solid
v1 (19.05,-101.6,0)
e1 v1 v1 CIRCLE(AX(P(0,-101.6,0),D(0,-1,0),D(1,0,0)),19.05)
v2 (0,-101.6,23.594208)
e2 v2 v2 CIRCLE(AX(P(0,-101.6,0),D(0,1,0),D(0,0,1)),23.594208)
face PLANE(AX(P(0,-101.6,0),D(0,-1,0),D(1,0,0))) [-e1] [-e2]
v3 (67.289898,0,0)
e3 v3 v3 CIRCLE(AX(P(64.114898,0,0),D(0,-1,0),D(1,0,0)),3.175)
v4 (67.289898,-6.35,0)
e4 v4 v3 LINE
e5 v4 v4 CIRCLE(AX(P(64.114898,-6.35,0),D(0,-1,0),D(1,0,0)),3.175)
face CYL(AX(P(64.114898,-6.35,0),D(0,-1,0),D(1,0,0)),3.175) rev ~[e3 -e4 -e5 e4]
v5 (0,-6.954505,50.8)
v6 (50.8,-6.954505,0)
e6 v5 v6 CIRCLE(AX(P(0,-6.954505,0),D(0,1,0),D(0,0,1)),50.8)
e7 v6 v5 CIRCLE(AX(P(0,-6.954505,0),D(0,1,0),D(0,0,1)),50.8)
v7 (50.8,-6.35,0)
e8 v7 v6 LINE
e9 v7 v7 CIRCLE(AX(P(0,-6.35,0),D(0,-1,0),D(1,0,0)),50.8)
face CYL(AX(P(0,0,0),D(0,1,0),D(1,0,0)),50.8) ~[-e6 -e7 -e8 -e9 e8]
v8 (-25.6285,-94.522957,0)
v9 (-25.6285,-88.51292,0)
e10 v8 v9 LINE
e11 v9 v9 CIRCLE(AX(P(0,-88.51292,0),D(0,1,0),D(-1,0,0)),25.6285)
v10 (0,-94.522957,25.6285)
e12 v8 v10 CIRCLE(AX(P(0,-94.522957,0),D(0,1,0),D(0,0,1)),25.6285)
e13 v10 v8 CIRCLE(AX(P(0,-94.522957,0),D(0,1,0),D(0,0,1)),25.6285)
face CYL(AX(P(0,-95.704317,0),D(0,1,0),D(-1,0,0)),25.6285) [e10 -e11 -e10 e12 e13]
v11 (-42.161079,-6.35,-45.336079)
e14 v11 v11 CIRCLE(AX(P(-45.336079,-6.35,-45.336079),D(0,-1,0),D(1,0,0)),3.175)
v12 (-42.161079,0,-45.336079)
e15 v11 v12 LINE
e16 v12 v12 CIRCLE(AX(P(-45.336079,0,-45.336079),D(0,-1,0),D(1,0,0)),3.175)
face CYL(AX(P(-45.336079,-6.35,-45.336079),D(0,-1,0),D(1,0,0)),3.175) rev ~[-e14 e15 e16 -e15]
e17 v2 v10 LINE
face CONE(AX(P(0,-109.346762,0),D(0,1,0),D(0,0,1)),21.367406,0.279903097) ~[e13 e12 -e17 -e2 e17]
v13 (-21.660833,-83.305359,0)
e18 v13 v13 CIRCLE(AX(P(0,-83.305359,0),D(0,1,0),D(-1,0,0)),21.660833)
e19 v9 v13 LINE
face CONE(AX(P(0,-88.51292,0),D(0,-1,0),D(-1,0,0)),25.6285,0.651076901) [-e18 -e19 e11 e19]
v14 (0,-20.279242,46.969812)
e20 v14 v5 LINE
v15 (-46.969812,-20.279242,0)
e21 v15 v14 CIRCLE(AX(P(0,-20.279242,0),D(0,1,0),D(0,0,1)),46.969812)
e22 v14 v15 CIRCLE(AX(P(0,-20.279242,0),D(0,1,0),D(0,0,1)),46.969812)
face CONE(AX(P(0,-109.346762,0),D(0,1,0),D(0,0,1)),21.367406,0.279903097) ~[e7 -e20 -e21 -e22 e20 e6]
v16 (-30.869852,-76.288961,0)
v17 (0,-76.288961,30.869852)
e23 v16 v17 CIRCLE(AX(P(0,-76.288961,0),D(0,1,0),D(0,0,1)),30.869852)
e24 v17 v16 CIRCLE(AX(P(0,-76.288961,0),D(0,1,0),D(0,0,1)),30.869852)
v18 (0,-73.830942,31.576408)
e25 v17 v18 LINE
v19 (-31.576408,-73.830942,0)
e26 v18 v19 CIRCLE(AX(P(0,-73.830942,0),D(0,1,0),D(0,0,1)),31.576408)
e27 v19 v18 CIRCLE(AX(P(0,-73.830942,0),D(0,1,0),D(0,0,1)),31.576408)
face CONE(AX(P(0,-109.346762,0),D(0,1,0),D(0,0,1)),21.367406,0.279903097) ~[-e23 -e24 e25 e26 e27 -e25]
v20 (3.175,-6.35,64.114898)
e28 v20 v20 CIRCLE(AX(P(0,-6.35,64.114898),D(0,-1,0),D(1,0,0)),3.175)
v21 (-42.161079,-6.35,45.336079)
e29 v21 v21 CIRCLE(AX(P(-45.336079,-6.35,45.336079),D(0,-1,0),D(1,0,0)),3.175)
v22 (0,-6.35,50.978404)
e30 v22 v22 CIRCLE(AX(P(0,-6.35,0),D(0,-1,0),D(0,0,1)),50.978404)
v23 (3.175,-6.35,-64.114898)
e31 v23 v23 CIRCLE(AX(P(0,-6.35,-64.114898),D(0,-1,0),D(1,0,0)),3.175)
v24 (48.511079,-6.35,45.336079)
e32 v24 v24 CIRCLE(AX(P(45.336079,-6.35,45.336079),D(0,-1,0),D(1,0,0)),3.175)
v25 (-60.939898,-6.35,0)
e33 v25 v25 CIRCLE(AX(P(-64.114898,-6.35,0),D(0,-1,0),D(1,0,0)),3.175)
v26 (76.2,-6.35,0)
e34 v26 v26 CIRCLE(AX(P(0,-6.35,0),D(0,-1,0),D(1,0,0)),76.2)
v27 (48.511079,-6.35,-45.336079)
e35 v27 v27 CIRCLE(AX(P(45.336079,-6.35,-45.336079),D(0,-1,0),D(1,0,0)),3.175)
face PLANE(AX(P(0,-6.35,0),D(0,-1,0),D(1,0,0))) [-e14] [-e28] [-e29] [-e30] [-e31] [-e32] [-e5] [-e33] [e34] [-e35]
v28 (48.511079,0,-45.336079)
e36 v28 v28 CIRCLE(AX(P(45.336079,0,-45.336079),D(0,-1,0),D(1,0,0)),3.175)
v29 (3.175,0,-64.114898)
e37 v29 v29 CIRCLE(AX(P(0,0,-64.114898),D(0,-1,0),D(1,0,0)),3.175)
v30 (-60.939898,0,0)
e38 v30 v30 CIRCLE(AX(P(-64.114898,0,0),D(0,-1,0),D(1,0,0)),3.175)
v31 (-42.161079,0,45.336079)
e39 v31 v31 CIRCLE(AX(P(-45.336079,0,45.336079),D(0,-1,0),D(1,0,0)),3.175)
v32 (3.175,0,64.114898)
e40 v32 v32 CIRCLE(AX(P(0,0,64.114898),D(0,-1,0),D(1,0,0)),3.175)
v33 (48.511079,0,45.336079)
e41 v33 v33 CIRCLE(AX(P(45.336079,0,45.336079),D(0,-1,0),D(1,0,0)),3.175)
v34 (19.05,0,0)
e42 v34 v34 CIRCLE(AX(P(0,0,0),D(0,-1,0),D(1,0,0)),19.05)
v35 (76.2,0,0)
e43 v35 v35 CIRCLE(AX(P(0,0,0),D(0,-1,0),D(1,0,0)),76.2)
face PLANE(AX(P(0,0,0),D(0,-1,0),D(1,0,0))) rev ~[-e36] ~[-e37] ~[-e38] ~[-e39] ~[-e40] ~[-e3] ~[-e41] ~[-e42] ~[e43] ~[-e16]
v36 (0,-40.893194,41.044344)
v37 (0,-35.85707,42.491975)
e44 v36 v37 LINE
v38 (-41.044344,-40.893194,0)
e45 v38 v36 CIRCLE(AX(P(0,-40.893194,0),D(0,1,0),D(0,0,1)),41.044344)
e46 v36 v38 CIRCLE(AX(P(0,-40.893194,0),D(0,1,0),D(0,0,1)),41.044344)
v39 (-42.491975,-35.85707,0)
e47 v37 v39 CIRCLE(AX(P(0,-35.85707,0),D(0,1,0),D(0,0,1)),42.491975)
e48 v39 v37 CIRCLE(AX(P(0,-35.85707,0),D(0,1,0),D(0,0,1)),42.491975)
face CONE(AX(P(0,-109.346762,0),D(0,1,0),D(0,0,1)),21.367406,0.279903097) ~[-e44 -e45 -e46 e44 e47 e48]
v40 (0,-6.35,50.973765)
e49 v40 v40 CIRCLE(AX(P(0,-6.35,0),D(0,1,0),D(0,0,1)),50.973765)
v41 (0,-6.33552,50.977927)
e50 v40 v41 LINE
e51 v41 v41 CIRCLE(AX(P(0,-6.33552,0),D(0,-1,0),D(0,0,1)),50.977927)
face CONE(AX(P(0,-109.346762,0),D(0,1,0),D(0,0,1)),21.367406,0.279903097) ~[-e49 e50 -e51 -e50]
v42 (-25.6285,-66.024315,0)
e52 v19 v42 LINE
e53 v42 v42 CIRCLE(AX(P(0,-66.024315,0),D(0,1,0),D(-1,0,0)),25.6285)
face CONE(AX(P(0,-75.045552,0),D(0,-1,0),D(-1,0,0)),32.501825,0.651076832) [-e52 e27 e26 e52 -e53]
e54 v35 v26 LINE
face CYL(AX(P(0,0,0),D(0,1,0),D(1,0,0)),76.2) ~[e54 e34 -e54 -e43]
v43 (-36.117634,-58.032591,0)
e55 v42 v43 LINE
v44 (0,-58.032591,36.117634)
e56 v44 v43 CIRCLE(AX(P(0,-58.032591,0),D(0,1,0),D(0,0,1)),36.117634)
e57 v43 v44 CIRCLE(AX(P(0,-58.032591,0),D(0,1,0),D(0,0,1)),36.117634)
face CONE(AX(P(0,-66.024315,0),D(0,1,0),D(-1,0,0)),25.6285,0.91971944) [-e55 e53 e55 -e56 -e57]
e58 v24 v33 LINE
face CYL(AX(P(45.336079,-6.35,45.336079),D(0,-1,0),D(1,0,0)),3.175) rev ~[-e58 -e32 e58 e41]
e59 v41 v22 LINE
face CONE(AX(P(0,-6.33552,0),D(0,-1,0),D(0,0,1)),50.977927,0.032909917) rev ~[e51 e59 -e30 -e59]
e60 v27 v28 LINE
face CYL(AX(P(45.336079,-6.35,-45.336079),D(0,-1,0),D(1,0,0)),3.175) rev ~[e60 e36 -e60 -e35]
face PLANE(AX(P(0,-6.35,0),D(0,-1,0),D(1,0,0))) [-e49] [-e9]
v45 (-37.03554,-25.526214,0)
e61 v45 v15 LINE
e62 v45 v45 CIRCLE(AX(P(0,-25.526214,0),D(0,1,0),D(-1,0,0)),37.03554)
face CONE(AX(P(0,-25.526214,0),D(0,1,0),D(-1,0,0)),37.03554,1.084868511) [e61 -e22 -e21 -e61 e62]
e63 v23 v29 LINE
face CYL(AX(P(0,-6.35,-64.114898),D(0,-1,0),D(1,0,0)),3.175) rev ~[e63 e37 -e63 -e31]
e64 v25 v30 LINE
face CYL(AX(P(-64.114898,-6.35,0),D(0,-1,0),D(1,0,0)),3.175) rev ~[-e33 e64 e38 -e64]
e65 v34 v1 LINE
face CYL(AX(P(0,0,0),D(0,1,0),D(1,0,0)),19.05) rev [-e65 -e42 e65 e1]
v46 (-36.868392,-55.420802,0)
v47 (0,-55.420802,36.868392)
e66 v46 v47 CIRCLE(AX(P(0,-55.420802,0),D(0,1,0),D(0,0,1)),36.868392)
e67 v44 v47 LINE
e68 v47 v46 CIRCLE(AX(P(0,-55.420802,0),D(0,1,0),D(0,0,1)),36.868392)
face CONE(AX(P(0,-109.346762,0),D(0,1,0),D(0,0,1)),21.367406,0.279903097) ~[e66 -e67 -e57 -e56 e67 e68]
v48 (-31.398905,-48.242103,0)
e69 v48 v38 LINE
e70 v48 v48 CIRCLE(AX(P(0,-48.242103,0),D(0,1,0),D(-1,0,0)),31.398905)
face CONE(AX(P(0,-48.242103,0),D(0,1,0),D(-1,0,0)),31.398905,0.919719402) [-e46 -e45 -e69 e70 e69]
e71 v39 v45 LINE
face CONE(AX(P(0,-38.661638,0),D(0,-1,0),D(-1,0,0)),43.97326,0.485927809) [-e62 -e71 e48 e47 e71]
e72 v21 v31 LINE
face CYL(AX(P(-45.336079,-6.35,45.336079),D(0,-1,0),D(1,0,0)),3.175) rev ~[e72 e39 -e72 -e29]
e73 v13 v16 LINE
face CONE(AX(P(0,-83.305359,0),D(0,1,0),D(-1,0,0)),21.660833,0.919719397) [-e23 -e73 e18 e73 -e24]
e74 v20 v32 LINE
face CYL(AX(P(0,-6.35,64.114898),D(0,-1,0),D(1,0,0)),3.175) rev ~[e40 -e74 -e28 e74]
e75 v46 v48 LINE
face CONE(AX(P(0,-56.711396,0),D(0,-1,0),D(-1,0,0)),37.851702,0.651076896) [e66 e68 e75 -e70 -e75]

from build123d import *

# Parameters (mm, degrees)
F0_R     = 50.8
F0_R_2   = 19.05
F1_DEPTH = 101.6
F0_R_3   = 76.2
F2_DEPTH = 6.35
F7_R     = 3.175
F8_DEPTH = 25.4


with BuildPart() as f1:
    # F0 (on Front) → F1 (new body)
    with BuildSketch(Plane.XZ):
        Circle(F0_R)
        Circle(F0_R_2, mode=Mode.SUBTRACT)
    extrude(amount=F1_DEPTH)

    # F0 (on Front) → F2 (join)
    with BuildSketch(Plane.XZ):
        Circle(F0_R_3)
        Circle(F0_R, mode=Mode.SUBTRACT)
    extrude(amount=F2_DEPTH)

    # F3 (on Right) → F4 (revolve, cut)
    with BuildSketch(Plane.YZ):
        Polygon((-109.346762, 21.367406), (-6.33552, 50.977927), (-107.67857, 54.314323), align=None)
    revolve(axis=Axis((0, -101.6, 0), (0, -1, 0)), mode=Mode.SUBTRACT)

    # F5 (on Top) → F6 (revolve, cut)
    with BuildSketch(Plane.XY):
        Polygon((-55.385999, -52.059986), (-25.6285, -95.704317), (-25.6285, -88.51292), (-21.660833, -83.305359), (-32.501825, -75.045552), (-25.6285, -66.024315), (-37.851702, -56.711396), (-31.398905, -48.242103), (-43.97326, -38.661638), (-37.03554, -25.526214), (-49.323034, -19.036344), (-52.410249, -6.6798), align=None)
    revolve(axis=Axis((0, -101.6, 0), (0, 1, 0)), mode=Mode.SUBTRACT)

    # F7 (on face) → F8 (cut)
    with BuildSketch(Plane.XZ.offset(6.35)):
        with Locations((0, 64.114898)):
            Circle(F7_R)
        with Locations((45.336079, 45.336079)):
            Circle(F7_R)
        with Locations((-45.336079, 45.336079)):
            Circle(F7_R)
        with Locations((-64.114898, 0)):
            Circle(F7_R)
        with Locations((64.114898, 0)):
            Circle(F7_R)
        with Locations((45.336079, -45.336079)):
            Circle(F7_R)
        with Locations((0, -64.114898)):
            Circle(F7_R)
        with Locations((-45.336079, -45.336079)):
            Circle(F7_R)
    extrude(amount=-F8_DEPTH, mode=Mode.SUBTRACT)


solid = f1.part
